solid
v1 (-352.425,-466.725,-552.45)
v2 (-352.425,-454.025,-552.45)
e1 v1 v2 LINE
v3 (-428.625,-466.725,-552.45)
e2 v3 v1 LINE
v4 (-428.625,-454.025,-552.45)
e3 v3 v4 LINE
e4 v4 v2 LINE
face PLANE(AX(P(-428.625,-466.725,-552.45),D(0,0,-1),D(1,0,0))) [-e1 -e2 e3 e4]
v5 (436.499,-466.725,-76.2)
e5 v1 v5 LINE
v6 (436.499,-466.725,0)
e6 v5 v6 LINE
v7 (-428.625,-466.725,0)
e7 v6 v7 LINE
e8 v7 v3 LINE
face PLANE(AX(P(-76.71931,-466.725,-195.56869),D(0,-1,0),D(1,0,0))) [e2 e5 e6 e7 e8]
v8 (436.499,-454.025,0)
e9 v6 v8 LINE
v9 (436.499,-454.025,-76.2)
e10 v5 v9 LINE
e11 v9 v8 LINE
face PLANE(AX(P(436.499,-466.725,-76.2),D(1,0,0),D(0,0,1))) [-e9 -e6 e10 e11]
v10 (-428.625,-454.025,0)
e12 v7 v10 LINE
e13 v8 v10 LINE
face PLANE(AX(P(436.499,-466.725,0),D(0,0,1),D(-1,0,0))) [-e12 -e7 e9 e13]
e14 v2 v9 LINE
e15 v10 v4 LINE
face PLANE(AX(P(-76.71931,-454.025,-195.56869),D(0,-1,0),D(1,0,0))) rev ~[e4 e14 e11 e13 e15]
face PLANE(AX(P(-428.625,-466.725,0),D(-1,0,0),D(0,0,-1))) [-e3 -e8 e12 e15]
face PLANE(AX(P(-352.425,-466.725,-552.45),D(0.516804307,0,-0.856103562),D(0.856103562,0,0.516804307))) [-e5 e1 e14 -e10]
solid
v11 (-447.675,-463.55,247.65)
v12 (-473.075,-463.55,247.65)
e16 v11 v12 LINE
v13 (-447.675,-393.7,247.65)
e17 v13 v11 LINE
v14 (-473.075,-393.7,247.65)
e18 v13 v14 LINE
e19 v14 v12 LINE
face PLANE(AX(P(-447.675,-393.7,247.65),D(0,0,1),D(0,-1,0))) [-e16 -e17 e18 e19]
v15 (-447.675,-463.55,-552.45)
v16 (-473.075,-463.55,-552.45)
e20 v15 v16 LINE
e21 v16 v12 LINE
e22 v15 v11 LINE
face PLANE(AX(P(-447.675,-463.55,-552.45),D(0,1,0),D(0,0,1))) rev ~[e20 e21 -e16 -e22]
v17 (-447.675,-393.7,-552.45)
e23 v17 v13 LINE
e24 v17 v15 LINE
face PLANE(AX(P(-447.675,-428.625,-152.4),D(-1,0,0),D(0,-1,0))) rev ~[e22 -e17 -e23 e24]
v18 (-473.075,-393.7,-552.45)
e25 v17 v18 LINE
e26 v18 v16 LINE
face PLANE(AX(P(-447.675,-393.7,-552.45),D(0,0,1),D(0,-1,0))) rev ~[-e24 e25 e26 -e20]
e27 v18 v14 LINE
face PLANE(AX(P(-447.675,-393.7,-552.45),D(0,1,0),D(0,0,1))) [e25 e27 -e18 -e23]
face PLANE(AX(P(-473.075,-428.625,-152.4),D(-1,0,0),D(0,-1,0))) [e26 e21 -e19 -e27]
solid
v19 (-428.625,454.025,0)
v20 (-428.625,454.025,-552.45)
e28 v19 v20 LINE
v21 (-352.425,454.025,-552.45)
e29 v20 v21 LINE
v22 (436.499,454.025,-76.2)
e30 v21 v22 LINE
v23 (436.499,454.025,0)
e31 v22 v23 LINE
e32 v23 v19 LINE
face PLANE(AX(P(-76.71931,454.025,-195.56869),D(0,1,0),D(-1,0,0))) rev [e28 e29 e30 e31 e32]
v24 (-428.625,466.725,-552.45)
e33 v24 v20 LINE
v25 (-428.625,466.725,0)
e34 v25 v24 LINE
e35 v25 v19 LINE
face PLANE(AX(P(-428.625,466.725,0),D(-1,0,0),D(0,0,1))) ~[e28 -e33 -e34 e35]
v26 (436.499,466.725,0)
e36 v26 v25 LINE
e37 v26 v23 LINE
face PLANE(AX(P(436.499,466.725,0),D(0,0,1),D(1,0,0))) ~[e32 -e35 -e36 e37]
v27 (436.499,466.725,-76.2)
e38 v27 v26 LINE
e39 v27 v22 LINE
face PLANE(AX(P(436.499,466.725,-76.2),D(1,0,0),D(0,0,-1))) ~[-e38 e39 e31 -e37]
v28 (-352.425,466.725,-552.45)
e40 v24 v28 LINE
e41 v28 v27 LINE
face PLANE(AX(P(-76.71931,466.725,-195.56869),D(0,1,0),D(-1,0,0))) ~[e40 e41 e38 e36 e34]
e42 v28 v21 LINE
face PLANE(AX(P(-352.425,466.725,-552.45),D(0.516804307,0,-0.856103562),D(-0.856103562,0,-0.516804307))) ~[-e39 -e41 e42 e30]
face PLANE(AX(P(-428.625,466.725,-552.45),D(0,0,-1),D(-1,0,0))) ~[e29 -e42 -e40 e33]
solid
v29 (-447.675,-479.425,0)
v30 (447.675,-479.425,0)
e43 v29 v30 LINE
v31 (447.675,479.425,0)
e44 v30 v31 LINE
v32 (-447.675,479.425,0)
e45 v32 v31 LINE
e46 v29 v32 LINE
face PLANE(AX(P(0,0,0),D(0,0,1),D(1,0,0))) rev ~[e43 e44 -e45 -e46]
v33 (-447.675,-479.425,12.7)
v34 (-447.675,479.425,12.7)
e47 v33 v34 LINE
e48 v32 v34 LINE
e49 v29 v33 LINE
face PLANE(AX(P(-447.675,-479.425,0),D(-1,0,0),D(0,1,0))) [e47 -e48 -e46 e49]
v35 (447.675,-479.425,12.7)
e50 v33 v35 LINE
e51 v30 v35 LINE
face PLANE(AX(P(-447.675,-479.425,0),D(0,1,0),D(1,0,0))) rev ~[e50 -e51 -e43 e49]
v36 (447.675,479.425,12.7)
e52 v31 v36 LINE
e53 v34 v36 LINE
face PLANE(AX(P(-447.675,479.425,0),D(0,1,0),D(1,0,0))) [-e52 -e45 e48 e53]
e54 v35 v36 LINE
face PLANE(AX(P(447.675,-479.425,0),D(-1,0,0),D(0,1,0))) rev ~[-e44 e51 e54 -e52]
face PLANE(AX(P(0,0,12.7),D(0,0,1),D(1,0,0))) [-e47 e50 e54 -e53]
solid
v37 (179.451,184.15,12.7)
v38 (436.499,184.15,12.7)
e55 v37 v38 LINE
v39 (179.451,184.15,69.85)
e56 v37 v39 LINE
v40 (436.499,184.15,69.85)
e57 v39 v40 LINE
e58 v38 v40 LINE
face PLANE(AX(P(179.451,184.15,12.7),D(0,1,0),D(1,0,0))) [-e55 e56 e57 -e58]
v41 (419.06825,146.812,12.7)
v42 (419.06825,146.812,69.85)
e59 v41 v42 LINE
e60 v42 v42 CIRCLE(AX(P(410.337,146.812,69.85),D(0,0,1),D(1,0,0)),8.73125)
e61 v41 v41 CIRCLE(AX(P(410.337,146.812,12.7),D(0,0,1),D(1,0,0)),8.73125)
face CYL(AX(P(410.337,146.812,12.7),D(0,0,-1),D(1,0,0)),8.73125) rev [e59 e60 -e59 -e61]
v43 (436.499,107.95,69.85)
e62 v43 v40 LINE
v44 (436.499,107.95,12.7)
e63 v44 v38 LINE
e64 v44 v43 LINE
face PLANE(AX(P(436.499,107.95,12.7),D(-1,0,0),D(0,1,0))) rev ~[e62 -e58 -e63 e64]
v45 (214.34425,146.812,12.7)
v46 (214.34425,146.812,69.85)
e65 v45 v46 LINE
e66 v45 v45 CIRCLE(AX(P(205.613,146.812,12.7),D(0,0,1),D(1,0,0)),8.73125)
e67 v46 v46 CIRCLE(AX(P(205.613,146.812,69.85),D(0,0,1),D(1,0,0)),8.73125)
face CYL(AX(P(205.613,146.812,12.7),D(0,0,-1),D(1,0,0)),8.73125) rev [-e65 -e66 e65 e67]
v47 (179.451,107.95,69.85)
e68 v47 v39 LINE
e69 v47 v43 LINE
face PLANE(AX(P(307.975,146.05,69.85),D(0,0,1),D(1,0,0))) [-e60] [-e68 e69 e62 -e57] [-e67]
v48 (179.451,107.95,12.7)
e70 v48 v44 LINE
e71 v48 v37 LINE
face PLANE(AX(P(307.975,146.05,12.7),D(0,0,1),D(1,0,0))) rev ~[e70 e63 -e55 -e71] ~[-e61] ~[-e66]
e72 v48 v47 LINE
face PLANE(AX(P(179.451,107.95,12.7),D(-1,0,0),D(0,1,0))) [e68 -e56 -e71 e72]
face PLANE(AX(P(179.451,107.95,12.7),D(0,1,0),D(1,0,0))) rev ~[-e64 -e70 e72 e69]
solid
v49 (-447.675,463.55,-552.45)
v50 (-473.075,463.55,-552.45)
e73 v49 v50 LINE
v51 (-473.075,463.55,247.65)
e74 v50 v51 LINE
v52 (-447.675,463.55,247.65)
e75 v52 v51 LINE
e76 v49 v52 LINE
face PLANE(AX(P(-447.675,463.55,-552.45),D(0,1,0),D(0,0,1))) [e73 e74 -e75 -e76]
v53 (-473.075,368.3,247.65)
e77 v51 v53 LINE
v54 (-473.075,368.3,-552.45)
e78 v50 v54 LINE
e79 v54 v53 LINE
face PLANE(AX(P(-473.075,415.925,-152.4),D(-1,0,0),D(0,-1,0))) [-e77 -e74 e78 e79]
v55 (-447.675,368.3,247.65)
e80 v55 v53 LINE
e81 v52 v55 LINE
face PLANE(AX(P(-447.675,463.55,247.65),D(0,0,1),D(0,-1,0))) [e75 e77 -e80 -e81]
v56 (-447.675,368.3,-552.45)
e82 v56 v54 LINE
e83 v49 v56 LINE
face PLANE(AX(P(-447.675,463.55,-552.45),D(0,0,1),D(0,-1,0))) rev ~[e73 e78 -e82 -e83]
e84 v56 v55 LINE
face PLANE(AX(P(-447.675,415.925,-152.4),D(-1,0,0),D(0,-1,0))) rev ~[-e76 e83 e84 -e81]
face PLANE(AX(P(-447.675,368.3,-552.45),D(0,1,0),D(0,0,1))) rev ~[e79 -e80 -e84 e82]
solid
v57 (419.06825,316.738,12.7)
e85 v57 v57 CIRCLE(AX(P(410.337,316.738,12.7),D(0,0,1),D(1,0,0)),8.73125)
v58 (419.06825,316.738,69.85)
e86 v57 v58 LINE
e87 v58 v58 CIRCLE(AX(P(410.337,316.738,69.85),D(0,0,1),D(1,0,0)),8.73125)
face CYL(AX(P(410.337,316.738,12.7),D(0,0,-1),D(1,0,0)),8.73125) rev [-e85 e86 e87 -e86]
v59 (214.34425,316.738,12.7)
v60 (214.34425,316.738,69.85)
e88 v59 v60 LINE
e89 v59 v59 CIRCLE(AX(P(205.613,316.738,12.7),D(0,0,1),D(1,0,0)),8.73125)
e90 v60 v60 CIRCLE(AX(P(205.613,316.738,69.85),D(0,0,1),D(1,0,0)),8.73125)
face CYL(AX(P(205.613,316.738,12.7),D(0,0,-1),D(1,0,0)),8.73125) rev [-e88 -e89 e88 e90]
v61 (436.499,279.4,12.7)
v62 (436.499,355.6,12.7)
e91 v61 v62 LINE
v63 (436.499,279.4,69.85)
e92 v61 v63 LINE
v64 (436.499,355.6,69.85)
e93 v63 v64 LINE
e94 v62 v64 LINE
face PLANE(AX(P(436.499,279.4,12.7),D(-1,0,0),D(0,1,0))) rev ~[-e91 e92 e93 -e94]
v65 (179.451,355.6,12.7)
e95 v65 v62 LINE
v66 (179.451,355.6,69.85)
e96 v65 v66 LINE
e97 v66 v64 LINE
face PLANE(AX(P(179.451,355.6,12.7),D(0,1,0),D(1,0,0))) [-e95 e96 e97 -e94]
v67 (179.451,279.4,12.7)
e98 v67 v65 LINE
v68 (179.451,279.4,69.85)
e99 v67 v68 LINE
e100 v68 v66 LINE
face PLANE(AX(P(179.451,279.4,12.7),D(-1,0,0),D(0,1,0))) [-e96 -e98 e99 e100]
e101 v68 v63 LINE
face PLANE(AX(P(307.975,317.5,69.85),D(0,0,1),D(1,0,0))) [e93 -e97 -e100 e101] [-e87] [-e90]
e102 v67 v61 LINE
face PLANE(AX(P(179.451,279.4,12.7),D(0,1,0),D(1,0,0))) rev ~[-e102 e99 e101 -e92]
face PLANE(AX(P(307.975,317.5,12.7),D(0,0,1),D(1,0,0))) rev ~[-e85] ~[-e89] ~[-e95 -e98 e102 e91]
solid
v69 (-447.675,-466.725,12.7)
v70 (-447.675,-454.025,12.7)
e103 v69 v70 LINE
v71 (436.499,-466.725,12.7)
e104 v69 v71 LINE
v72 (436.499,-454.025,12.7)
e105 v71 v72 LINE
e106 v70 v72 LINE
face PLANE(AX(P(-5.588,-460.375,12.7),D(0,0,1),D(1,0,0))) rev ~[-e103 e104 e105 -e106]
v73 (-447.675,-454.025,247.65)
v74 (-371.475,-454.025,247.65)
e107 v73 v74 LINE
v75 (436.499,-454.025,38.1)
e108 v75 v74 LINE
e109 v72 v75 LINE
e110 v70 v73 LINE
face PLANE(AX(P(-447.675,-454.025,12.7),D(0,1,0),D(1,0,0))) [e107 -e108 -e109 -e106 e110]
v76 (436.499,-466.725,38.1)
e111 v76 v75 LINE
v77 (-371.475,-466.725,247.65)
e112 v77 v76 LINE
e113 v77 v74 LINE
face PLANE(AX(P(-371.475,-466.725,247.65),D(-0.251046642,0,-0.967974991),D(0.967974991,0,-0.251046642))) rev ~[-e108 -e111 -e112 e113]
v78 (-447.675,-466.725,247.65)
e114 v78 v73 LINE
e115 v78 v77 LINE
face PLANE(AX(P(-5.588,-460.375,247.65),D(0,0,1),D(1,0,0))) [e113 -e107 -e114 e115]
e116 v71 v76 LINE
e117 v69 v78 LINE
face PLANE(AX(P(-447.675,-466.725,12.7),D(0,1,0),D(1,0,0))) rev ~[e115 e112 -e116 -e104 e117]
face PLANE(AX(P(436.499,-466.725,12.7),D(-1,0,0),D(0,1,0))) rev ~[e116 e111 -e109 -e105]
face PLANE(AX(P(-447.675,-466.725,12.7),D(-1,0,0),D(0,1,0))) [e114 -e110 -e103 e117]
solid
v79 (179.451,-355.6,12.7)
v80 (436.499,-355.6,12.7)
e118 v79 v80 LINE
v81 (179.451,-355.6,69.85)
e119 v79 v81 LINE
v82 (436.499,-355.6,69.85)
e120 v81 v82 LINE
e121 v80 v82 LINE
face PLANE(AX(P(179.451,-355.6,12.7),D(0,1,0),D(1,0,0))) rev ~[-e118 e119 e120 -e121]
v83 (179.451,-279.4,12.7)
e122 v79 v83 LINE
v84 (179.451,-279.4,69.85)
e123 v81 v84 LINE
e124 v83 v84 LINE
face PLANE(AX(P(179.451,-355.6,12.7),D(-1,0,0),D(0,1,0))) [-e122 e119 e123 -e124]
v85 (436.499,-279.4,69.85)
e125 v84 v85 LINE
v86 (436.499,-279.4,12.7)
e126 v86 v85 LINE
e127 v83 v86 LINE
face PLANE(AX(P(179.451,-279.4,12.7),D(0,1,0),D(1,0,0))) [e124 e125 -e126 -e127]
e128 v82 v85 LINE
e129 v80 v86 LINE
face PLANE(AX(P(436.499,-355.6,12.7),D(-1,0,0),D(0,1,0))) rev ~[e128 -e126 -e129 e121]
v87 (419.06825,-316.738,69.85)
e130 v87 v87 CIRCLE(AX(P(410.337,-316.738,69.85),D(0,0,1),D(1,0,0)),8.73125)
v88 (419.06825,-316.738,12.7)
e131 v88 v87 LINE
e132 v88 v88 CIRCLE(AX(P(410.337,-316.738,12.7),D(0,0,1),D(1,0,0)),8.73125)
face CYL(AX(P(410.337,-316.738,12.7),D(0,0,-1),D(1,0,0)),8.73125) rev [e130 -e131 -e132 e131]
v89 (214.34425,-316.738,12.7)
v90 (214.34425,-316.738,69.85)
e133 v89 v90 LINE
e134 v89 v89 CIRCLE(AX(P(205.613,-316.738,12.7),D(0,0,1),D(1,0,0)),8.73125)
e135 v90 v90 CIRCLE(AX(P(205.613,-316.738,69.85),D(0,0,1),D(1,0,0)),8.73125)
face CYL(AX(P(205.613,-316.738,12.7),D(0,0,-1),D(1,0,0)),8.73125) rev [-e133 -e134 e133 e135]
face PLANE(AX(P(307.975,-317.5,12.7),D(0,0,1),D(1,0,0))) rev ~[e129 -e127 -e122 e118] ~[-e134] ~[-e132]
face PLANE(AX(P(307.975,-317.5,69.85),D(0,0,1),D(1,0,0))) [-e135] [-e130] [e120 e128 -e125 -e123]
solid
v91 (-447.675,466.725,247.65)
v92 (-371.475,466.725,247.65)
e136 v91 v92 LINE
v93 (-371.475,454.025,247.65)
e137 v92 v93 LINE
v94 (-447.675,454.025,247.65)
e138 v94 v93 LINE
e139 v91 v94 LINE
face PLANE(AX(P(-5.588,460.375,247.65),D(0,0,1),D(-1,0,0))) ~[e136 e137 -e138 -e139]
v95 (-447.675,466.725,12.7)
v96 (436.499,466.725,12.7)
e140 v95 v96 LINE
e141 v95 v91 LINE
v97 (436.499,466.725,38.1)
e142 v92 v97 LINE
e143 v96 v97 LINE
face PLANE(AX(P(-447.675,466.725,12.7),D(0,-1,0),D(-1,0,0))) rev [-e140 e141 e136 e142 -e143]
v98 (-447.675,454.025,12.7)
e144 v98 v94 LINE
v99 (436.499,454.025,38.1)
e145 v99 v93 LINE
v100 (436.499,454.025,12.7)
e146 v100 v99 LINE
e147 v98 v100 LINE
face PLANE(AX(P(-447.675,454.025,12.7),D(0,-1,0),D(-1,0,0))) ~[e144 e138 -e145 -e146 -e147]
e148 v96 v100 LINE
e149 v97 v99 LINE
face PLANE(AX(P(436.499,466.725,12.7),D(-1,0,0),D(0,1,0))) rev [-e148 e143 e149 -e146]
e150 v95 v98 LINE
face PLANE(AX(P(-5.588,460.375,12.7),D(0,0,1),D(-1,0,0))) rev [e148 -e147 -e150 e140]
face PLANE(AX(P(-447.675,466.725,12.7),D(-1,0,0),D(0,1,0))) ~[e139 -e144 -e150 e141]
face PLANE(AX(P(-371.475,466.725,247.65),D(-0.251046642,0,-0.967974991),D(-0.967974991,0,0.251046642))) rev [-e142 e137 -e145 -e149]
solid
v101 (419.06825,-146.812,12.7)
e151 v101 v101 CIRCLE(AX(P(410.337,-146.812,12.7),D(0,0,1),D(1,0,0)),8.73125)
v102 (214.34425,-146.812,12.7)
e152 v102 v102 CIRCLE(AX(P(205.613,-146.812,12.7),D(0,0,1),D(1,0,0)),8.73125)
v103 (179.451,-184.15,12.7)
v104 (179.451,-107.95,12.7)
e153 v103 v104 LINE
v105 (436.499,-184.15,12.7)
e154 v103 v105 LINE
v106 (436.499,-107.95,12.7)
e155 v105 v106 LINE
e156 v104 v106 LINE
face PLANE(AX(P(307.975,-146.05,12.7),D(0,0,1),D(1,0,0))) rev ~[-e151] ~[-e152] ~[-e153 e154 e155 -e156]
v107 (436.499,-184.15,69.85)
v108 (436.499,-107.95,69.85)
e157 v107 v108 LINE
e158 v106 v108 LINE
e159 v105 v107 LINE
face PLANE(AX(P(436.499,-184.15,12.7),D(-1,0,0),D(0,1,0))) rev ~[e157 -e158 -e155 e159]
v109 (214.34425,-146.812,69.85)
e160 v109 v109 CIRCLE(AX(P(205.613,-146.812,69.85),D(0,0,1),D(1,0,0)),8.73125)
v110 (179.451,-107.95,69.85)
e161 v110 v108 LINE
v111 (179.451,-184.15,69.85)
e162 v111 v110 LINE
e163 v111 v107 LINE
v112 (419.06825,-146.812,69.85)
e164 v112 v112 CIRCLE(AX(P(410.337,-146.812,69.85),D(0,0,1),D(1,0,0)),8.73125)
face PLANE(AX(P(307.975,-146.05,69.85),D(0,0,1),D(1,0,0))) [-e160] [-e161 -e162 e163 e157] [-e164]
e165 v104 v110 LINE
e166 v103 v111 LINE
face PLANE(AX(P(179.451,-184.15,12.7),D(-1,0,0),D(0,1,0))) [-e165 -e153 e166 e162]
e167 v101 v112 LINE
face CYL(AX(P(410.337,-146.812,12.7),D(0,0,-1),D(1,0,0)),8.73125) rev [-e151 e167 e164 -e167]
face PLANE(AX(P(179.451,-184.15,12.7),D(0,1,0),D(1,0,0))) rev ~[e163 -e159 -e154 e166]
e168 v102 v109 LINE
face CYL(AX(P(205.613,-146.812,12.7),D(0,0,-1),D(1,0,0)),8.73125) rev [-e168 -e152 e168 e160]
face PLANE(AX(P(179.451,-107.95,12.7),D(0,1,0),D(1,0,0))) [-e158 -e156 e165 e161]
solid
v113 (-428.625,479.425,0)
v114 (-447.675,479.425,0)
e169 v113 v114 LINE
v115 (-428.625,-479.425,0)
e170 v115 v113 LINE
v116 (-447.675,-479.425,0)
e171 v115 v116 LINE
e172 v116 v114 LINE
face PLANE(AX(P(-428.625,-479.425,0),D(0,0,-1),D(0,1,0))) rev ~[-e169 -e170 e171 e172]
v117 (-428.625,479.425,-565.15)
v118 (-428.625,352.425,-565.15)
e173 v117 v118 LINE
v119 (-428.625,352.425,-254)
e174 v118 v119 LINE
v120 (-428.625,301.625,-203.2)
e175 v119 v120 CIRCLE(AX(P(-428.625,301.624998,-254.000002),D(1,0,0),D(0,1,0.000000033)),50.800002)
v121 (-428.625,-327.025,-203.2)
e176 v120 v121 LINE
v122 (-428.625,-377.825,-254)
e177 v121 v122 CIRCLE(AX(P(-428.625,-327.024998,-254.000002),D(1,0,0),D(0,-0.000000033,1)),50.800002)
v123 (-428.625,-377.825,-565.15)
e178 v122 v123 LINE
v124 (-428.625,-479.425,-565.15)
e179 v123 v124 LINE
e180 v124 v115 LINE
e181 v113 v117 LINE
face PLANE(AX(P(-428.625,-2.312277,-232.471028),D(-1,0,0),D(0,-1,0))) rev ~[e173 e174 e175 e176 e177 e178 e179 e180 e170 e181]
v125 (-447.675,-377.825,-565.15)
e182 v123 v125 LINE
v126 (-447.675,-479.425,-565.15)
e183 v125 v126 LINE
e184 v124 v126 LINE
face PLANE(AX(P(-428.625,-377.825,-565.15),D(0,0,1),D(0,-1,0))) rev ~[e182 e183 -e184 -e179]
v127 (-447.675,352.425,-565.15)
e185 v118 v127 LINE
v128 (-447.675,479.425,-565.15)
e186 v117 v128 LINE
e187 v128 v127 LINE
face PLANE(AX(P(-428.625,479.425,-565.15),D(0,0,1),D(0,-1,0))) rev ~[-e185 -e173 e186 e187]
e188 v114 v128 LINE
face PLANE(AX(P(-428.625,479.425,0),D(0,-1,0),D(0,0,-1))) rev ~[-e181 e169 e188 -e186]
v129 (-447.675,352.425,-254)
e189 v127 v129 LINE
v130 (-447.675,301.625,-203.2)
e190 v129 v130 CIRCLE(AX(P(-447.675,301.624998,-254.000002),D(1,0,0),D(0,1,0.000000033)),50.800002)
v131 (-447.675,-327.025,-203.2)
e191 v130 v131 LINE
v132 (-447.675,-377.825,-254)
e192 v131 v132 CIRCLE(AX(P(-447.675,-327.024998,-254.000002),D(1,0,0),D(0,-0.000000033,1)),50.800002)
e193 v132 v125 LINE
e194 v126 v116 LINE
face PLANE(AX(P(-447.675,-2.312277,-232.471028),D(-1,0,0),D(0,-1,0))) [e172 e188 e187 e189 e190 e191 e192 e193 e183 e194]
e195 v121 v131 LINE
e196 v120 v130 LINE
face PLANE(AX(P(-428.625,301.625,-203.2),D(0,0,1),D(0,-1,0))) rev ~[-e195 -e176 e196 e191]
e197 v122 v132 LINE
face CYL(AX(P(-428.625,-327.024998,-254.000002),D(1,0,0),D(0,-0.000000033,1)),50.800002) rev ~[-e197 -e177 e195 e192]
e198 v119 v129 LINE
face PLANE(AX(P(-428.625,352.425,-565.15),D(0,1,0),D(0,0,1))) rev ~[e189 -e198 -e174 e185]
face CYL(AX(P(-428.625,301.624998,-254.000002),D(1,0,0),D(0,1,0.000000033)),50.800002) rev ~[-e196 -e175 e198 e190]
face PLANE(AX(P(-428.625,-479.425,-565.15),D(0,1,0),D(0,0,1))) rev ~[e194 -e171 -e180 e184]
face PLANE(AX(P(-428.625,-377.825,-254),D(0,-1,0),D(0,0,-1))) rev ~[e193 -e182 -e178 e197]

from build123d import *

# Parameters (mm, degrees)
F0_W      = 895.35
F0_H      = 958.85
F1_DEPTH  = 12.7
F2_W      = 884.174
F2_H      = 12.7
F3_DEPTH  = 234.95
F5_DEPTH  = 946.151
F8_DEPTH  = 12.7
F11_DEPTH = 19.05
F12_W     = 95.25
F12_H     = 800.1
F12_W_2   = 69.85
F13_DEPTH = 25.4
F14_W     = 257.048
F14_H     = 76.2
F14_R     = 8.73125
F15_DEPTH = 57.15


with BuildPart() as f1:
    # F0 (on Top) → F1 (new body)
    with BuildSketch(Plane.XY):
        Rectangle(F0_W, F0_H)
    extrude(amount=F1_DEPTH)


with BuildPart() as f3:
    # F2 (on face) → F3 (new body)
    with BuildSketch(Plane.XY.offset(12.7)):
        with Locations((-5.588, -460.375)):
            Rectangle(F2_W, F2_H)
    extrude(amount=F3_DEPTH)

    # F4 (on face) → F5 (cut, through all)
    with BuildSketch(Plane.XZ.offset(466.725)):
        Polygon((436.499, 247.65), (-371.475, 247.65), (436.499, 38.1), align=None)
    extrude(amount=-F5_DEPTH, mode=Mode.SUBTRACT)


with BuildPart() as f6_1:
    # F6: instance of F3
    add(f3.part.mirror(Plane.XZ))


with BuildPart() as f8:
    # F7 (on face) → F8 (new body)
    with BuildSketch(Plane.XZ.offset(466.725)):
        Polygon((-428.625, 0), (-428.625, -552.45), (-352.425, -552.45), (436.499, -76.2), (436.499, 0), align=None)
    extrude(amount=-F8_DEPTH)


with BuildPart() as f9_1:
    # F9: instance of F8
    add(f8.part.mirror(Plane.XZ))


with BuildPart() as f11:
    # F10 (on face) → F11 (new body)
    with BuildSketch(Plane(origin=(-428.625, 0, 0), x_dir=(0, -1, 0), z_dir=(-1, 0, 0))):
        with BuildLine():
            Line((479.425, -565.15), (479.425, 0))
            Line((479.425, 0), (-479.425, 0))
            Line((-479.425, 0), (-479.425, -565.15))
            Line((-479.425, -565.15), (-352.425, -565.15))
            Line((-352.425, -565.15), (-352.425, -254))
            ThreePointArc((-352.425, -254), (-337.546024, -218.078976), (-301.625, -203.2))
            Line((-301.625, -203.2), (327.025, -203.2))
            ThreePointArc((327.025, -203.2), (362.946024, -218.078976), (377.825, -254))
            Line((377.825, -254), (377.825, -565.15))
            Line((377.825, -565.15), (479.425, -565.15))
        make_face()
    extrude(amount=F11_DEPTH)


with BuildPart() as f13:
    # F12 (on face) → F13 (new body)
    with BuildSketch(Plane(origin=(-447.675, 0, 0), x_dir=(0, -1, 0), z_dir=(-1, 0, 0))):
        with Locations((-415.925, -152.4)):
            Rectangle(F12_W, F12_H)
        with Locations((428.625, -152.4)):
            Rectangle(F12_W_2, F12_H)
    extrude(amount=F13_DEPTH)


with BuildPart() as f15:
    # F14 (on face) → F15 (new body)
    with BuildSketch(Plane.XY.offset(12.7)):
        with Locations((307.975, -146.05)):
            Rectangle(F14_W, F14_H)
        with Locations((205.613, -146.812)):
            Circle(F14_R, mode=Mode.SUBTRACT)
        with Locations((410.337, -146.812)):
            Circle(F14_R, mode=Mode.SUBTRACT)
        with Locations((307.975, -317.5)):
            Rectangle(F14_W, F14_H)
        with Locations((205.613, -316.738)):
            Circle(F14_R, mode=Mode.SUBTRACT)
        with Locations((410.337, -316.738)):
            Circle(F14_R, mode=Mode.SUBTRACT)
        with Locations((307.975, 146.05)):
            Rectangle(F14_W, F14_H)
        with Locations((205.613, 146.812)):
            Circle(F14_R, mode=Mode.SUBTRACT)
        with Locations((410.337, 146.812)):
            Circle(F14_R, mode=Mode.SUBTRACT)
        with Locations((307.975, 317.5)):
            Rectangle(F14_W, F14_H)
        with Locations((205.613, 316.738)):
            Circle(F14_R, mode=Mode.SUBTRACT)
        with Locations((410.337, 316.738)):
            Circle(F14_R, mode=Mode.SUBTRACT)
    extrude(amount=F15_DEPTH)


solid = Compound([f1.part, f3.part, f6_1.part, f8.part, f9_1.part, f11.part, f13.part, f15.part])
